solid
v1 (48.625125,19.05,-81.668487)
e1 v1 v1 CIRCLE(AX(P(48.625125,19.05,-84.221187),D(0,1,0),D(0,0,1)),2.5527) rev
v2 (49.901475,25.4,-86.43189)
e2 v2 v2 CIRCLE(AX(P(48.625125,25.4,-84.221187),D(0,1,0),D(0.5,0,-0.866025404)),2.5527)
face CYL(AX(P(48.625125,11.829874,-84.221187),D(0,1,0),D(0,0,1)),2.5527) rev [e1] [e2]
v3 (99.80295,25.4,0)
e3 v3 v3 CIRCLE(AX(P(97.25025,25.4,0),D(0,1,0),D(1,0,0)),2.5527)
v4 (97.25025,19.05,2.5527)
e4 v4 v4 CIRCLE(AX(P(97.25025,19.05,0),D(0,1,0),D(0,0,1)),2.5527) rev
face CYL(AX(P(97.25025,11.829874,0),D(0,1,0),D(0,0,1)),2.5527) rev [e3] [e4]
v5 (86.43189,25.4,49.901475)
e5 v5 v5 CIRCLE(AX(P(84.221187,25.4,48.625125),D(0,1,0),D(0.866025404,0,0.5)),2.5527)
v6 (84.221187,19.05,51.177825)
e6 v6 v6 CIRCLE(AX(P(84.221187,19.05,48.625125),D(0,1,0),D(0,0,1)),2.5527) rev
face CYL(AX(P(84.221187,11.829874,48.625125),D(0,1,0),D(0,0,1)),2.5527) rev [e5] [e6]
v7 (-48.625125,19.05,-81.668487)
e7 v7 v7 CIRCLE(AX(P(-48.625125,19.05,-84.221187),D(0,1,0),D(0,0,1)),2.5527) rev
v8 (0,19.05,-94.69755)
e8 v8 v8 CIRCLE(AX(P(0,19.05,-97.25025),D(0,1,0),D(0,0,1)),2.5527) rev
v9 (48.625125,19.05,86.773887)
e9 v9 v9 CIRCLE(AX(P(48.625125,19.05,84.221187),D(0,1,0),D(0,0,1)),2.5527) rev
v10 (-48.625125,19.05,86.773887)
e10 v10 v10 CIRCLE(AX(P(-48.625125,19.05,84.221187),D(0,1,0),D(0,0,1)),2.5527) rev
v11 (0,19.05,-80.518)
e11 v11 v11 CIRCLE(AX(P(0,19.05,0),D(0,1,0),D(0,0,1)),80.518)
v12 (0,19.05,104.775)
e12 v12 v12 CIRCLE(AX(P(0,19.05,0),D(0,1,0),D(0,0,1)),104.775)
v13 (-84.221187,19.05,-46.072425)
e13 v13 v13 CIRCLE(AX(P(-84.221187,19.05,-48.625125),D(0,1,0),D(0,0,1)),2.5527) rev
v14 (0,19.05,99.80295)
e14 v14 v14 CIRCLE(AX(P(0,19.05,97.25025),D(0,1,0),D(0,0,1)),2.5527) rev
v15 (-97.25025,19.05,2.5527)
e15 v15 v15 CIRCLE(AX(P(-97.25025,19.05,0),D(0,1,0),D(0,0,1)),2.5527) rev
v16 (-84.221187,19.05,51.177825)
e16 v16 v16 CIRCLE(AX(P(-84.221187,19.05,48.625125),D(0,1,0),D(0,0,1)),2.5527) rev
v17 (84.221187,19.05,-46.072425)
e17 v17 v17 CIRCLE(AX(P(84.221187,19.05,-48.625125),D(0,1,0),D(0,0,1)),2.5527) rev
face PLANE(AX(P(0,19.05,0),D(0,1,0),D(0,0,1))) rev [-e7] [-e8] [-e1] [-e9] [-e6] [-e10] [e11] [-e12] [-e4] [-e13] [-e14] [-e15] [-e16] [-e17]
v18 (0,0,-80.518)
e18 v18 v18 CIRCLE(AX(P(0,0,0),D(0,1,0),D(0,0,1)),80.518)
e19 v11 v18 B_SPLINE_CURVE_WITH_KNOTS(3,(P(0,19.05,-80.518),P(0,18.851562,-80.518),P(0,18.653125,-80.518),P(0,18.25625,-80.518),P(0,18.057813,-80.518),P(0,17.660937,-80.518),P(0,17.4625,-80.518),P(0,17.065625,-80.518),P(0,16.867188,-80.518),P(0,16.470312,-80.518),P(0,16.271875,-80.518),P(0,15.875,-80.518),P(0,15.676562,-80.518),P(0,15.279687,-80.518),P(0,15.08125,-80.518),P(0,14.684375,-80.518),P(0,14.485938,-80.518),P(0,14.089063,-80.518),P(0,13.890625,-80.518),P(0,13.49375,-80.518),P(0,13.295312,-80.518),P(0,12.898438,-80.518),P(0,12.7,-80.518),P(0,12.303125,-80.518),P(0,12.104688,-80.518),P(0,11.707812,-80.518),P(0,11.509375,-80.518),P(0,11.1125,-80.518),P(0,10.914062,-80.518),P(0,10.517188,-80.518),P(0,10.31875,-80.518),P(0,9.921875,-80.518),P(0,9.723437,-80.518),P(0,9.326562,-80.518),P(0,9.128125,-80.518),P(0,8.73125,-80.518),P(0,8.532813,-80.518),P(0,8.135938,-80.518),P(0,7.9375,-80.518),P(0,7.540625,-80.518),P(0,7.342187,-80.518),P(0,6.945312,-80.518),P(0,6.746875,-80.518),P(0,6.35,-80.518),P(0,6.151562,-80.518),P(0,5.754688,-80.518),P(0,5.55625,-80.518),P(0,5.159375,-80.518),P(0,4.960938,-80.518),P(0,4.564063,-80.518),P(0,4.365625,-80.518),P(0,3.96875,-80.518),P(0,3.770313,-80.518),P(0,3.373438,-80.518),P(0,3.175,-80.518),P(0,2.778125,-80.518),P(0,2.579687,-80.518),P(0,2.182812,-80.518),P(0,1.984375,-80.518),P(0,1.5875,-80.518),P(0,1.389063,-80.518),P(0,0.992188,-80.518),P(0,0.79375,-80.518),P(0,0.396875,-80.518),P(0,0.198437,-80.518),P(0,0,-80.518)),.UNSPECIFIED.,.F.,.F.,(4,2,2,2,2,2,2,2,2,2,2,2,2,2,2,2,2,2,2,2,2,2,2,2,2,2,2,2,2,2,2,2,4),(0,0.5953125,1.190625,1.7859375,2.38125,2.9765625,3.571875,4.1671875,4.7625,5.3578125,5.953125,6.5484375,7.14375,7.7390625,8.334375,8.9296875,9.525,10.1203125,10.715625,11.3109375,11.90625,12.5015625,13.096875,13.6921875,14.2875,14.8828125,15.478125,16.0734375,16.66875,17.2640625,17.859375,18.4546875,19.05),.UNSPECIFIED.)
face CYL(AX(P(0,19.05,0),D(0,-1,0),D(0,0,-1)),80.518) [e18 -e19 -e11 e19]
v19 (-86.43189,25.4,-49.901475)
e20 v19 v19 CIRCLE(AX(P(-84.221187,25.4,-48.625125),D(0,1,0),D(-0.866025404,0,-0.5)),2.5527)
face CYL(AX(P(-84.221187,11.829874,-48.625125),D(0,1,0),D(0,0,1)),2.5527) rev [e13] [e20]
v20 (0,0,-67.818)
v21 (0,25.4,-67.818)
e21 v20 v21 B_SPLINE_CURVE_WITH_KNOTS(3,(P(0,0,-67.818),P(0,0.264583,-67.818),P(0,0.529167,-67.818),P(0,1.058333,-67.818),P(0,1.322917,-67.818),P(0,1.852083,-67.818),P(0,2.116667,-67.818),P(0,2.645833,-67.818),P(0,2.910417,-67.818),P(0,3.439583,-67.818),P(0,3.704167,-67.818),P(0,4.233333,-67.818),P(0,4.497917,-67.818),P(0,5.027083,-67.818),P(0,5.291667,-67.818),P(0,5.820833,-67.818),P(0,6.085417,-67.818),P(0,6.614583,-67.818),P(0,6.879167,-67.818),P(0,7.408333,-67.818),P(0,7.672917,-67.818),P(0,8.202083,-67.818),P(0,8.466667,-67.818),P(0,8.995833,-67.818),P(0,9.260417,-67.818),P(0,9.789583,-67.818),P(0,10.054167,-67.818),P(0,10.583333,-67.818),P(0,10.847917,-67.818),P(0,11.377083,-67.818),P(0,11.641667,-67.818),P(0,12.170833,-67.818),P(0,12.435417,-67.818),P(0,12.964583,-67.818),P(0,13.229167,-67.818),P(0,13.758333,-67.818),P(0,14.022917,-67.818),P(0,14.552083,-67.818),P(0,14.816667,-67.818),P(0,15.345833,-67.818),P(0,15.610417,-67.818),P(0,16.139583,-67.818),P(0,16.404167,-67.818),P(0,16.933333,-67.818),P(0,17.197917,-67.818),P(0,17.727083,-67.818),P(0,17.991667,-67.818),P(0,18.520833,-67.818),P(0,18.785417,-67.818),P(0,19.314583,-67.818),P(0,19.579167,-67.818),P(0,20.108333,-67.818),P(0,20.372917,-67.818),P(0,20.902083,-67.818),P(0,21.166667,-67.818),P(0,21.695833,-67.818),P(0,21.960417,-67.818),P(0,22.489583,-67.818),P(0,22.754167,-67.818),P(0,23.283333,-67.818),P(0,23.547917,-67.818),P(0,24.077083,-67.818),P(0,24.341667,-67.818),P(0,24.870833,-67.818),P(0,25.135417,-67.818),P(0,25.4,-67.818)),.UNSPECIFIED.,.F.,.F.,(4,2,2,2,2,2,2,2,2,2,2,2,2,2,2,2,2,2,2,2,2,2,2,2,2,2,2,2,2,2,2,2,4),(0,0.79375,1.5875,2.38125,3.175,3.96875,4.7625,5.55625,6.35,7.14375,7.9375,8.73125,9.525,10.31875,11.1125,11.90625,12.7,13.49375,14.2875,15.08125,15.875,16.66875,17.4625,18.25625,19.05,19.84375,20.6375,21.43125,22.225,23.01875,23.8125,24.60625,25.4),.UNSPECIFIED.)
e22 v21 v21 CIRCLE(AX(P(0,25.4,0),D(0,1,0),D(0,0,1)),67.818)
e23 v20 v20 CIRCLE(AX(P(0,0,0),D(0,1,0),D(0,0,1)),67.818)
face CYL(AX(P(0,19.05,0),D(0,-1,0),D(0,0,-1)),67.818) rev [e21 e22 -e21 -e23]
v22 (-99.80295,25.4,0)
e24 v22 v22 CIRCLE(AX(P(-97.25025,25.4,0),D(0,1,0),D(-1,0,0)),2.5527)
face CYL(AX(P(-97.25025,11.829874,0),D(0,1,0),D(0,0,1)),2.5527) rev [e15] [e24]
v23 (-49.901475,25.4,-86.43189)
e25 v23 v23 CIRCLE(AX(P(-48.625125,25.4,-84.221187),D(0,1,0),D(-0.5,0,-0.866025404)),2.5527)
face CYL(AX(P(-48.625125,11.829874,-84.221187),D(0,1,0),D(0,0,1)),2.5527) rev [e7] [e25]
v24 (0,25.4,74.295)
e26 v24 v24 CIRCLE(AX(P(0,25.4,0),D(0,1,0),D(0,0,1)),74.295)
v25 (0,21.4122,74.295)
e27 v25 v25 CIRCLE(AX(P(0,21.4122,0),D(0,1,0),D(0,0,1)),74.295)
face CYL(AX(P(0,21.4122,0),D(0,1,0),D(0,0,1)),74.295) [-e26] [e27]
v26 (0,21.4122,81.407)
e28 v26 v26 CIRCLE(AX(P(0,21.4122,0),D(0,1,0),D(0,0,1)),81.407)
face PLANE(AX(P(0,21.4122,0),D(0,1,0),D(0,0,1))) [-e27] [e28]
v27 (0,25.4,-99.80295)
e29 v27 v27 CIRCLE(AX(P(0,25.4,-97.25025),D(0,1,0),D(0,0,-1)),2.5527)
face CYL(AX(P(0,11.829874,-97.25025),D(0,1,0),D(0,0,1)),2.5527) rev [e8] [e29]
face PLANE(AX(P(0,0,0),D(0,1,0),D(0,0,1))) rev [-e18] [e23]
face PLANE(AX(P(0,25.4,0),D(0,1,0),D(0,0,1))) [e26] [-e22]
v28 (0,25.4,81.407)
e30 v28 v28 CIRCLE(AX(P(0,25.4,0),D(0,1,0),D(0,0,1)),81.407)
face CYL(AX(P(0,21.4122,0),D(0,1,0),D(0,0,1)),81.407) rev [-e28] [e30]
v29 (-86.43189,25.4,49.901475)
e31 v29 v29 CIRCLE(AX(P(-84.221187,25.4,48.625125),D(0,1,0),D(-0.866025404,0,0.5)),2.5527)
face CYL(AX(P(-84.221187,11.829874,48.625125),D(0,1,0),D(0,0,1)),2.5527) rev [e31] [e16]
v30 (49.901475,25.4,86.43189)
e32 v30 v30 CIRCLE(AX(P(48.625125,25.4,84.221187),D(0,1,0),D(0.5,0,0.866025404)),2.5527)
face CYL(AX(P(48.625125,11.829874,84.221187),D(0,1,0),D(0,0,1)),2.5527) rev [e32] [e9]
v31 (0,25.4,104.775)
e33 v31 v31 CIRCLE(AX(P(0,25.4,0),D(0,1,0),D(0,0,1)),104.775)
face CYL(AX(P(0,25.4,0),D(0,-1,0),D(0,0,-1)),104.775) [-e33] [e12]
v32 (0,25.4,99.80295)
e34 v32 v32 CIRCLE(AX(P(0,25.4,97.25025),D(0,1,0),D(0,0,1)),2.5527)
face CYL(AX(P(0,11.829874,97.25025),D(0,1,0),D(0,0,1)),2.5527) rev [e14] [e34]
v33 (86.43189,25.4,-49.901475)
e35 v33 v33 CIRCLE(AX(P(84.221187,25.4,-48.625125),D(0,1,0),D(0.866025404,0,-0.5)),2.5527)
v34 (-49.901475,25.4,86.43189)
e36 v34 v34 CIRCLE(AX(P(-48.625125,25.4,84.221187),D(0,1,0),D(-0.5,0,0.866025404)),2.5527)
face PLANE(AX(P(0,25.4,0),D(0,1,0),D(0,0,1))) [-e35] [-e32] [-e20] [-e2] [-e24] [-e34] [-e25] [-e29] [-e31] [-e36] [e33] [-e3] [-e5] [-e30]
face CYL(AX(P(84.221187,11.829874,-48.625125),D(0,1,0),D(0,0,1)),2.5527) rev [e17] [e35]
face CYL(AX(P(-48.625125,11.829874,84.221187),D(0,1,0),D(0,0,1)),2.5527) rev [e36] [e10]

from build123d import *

# Parameters (mm, degrees)
SKETCH1_R            = 80.518
SKETCH1_R_2          = 67.818
INNER_CYLINDER_DEPTH = 19.05
SKETCH2_R            = 104.775
SKETCH2_R_2          = 67.818
FLANGE_DEPTH         = 6.35
SKETCH4_R            = 81.407
SKETCH4_R_2          = 74.295
GROOVE_DEPTH         = 3.9878
SKETCH5_R            = 2.5527
SCREW_HOLES_DEPTH    = 6.35
CIRPATTERN1_COUNT    = 12


with BuildPart() as part:
    # Sketch1 → Inner Cylinder (new body)
    with BuildSketch(Plane(origin=(0, 0, 0), x_dir=(1, 0, 0), z_dir=(0, 1, 0))):
        with Locations(Location((0, 0, 0), (0, 0, 90))):
            Circle(SKETCH1_R)
        with Locations(Location((0, 0, 0), (0, 0, 90))):
            Circle(SKETCH1_R_2, mode=Mode.SUBTRACT)
    extrude(amount=INNER_CYLINDER_DEPTH)

    # Sketch2 → Flange (add)
    with BuildSketch(Plane(origin=(0, 19.05, 0), x_dir=(1, 0, 0), z_dir=(0, 1, 0))):
        with Locations(Location((0, 0, 0), (0, 0, 270))):
            Circle(SKETCH2_R)
        with Locations(Location((0, 0, 0), (0, 0, 90))):
            Circle(SKETCH2_R_2, mode=Mode.SUBTRACT)
    extrude(amount=FLANGE_DEPTH)

    # Sketch4 → Groove (cut)
    with BuildSketch(Plane(origin=(0, 25.4, 0), x_dir=(1, 0, 0), z_dir=(0, 1, 0))):
        with Locations(Location((0, 0, 0), (0, 0, 270))):
            Circle(SKETCH4_R)
        with Locations(Location((0, 0, 0), (0, 0, 270))):
            Circle(SKETCH4_R_2, mode=Mode.SUBTRACT)
    extrude(amount=-GROOVE_DEPTH, mode=Mode.SUBTRACT)

    # Sketch5 → Screw Holes (cut)
    with BuildSketch(Plane(origin=(0, 25.4, 0), x_dir=(1, 0, 0), z_dir=(0, 1, 0))):
        with Locations(Location((0, -97.25025, 0), (0, 0, 270))):
            Circle(SKETCH5_R)
    screw_holes = extrude(amount=-SCREW_HOLES_DEPTH, mode=Mode.SUBTRACT)

    # CirPattern1: Screw Holes ×12 about axis
    cirpattern1_axis = Axis((0, 0, 0), (0, 1, 0))
    for i in range(1, CIRPATTERN1_COUNT):
        add(screw_holes.rotate(cirpattern1_axis, i * 360 / CIRPATTERN1_COUNT), mode=Mode.SUBTRACT)


solid = part.part
